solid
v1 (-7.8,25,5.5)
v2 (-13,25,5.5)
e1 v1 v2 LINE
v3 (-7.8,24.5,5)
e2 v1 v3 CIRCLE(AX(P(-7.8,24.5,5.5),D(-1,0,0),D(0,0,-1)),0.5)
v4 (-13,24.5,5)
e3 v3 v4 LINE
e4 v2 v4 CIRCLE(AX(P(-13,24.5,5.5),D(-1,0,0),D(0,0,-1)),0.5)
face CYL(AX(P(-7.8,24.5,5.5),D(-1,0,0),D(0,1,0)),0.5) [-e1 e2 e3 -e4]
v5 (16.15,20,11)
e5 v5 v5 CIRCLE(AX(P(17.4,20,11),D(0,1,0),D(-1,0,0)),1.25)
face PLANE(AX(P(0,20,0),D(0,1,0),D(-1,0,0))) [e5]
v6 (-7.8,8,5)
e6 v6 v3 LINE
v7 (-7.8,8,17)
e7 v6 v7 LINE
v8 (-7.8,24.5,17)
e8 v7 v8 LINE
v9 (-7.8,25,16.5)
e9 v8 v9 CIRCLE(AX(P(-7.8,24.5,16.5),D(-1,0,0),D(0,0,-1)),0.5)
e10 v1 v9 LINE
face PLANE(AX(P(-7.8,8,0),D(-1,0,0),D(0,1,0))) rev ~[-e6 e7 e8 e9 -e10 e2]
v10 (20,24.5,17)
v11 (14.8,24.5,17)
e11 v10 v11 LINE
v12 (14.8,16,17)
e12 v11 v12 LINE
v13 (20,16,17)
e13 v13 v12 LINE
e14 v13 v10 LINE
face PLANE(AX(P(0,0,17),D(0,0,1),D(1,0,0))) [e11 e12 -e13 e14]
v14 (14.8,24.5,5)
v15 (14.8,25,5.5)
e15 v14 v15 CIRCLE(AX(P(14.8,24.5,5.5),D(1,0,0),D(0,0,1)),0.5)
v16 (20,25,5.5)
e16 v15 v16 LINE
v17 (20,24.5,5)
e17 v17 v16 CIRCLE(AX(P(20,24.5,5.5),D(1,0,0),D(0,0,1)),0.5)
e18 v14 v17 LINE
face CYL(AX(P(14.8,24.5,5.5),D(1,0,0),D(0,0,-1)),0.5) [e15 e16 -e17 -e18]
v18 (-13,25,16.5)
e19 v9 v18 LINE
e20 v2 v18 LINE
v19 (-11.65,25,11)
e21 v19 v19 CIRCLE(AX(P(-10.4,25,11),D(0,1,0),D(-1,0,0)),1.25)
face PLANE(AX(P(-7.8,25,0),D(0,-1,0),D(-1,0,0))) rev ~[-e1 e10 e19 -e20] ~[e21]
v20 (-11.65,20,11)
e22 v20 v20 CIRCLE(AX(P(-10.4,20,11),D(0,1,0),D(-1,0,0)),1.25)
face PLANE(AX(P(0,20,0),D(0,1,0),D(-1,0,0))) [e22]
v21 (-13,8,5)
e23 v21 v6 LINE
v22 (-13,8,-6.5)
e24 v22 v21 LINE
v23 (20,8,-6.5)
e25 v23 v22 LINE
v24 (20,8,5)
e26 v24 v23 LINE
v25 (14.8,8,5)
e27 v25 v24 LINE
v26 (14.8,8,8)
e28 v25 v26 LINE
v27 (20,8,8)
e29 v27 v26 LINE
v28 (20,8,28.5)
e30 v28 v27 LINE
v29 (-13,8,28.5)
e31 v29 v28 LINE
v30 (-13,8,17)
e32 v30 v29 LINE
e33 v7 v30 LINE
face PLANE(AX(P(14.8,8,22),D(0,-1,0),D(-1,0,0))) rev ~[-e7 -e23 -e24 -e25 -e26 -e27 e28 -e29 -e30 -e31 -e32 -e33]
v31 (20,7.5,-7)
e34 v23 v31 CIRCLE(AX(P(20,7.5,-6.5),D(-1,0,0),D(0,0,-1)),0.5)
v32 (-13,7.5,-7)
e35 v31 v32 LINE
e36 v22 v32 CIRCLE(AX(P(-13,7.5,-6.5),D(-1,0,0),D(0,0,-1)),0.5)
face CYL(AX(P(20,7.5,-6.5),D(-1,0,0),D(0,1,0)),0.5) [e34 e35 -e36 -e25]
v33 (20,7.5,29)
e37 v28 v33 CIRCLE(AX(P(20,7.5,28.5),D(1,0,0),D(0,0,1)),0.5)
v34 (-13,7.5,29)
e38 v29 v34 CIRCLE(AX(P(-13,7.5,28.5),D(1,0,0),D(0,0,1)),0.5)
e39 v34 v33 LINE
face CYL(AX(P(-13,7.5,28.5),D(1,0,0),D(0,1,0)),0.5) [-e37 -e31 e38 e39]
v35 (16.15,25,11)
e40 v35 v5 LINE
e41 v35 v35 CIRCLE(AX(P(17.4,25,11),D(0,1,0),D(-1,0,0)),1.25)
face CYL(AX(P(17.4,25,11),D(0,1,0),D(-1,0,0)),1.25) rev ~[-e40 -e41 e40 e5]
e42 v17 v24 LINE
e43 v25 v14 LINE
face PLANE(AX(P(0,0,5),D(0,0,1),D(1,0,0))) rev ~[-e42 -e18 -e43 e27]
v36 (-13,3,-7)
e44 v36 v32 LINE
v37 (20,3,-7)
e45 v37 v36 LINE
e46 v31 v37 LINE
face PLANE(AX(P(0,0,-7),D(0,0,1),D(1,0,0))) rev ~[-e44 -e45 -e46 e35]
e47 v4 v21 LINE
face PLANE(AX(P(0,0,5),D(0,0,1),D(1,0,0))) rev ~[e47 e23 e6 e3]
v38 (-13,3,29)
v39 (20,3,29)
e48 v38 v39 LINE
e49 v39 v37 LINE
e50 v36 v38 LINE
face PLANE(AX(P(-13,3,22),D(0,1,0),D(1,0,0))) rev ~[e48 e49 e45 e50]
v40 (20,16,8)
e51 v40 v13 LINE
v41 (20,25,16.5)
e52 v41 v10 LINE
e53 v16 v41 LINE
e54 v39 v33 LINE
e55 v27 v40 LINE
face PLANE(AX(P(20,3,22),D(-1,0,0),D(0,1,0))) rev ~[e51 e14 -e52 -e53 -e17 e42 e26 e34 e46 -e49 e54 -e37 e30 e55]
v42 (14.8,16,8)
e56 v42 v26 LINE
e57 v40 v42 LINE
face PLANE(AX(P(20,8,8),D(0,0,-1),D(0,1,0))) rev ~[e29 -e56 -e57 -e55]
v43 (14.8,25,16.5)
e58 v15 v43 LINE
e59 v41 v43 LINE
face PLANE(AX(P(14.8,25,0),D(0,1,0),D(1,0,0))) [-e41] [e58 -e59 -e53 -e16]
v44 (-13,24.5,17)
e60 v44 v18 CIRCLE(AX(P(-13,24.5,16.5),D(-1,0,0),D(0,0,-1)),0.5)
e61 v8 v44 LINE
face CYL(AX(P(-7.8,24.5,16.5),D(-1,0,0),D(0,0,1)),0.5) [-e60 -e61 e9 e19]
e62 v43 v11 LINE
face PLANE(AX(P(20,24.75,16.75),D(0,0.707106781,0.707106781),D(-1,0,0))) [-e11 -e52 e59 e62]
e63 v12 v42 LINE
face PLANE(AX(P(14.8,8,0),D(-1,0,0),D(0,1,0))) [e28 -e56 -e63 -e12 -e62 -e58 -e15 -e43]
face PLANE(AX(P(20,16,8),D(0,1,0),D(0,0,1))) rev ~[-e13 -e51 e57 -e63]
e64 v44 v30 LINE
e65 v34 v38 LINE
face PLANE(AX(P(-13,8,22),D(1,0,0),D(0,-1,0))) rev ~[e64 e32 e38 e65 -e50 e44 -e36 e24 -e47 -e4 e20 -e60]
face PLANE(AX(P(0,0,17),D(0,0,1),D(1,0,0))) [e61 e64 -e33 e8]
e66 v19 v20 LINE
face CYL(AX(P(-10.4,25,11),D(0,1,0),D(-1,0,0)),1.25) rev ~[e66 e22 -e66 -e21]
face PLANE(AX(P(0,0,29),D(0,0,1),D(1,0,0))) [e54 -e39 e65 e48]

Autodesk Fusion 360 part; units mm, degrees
sketch "Sketch1" plane through (0, 0, 0) normal (0, 0, 1) x (1, 0, 0)
  line L0 (-13, 8) -> (20, 8)
  line L1 (20, 8) -> (20, 3)
  line L2 (20, 3) -> (-13, 3)
  line L3 (-13, 3) -> (-13, 8)
  line L4 (-13, 8) -> (-7.8, 8)
  line L5 (-7.8, 8) -> (-7.8, 25)
  line L6 (-7.8, 25) -> (-13, 25)
  line L7 (-13, 25) -> (-13, 8)
  line L8 (20, 8) -> (14.8, 8)
  line L9 (14.8, 8) -> (14.8, 25)
  line L10 (14.8, 25) -> (20, 25)
  line L11 (20, 25) -> (20, 8)
  dimension "d1" = 33
  dimension "d2" = 5
  dimension "d3" = 5.2
  dimension "d4" = 17
  dimension "d5" = 17
  dimension "d6" = 5.2
extrude "Extrude1" add sketch "Sketch1" along normal blind 22
sketch "Sketch2" plane through (0, 0, 22) normal (0, 0, 1) x (1, 0, 0)
  line L0 (-7.8, 8) -> (-7.8, 25)
  line L1 (-7.8, 25) -> (-13, 25)
  line L2 (-13, 25) -> (-13, 3)
  line L3 (-13, 3) -> (20, 3)
  line L4 (20, 3) -> (20, 25)
  line L5 (20, 25) -> (14.8, 25)
  line L6 (14.8, 25) -> (14.8, 8)
  line L7 (14.8, 8) -> (-7.8, 8)
  line L8 (-13, 25) -> (-7.8, 25)
  line L9 (-7.8, 25) -> (-7.8, 8)
  line L10 (-7.8, 8) -> (-13, 8)
  line L11 (-13, 8) -> (-13, 25)
  line L12 (14.8, 25) -> (20, 25)
  line L13 (20, 25) -> (20, 8)
  line L14 (20, 8) -> (14.8, 8)
  line L15 (14.8, 8) -> (14.8, 25)
  line L16 (20, 25) -> (14.8, 25)
  line L17 (14.8, 25) -> (14.8, 8)
  line L18 (14.8, 8) -> (20, 8)
  line L19 (20, 8) -> (20, 25)
  line L20 (-7.8, 25) -> (-13, 25)
  line L21 (-13, 25) -> (-13, 8)
  line L22 (-13, 8) -> (-7.8, 8)
  line L23 (-7.8, 8) -> (-7.8, 25)
  point P0 (20, 8)
  dimension "d9" = 17
  dimension "d10" = 5.2
  dimension "d15" = 5.2
  dimension "d16" = 17
extrude "Extrude5" cut sketch "Sketch1" along normal blind 5 contours L0 L4 L5 L6 L7
extrude "Extrude4" cut sketch "Sketch1" along normal blind 5 contours L0 L8 L9 L10 L11
extrude "Extrude3" cut sketch "Sketch2" against normal blind 5 contours L4 L5 L6 L12 L13 L14 L15 L16 L17 L18 L19
extrude "Extrude2" cut sketch "Sketch2" against normal blind 5 contours L0 L1 L2 L8 L9 L10 L11 L20 L21 L22 L23
extrude "Extrude6" add sketch "Sketch1" against normal blind 7 contours L0 L1 L2 L3 L4 L8
extrude "Extrude7" add sketch "Sketch2" along normal blind 7 contours L2 L3 L4 L7 L10 L14 L18 L22
sketch "Sketch3" plane through (20, 0, 0) normal (1, 0, 0) x (0, 0, -1)
  line L0 (-17, 25) -> (-17, 8)
  line L1 (-17, 8) -> (-29, 8)
  line L2 (-29, 8) -> (-29, 3)
  line L3 (-29, 3) -> (7, 3)
  line L4 (7, 3) -> (7, 8)
  line L5 (7, 8) -> (-5, 8)
  line L6 (-5, 8) -> (-5, 25)
  line L7 (-5, 25) -> (-17, 25)
  line L8 (-17, 8) -> (-8, 8)
  line L9 (-8, 8) -> (-8, 16)
  line L10 (-8, 16) -> (-17, 16)
  line L11 (-17, 16) -> (-17, 8)
extrude "Extrude8" cut sketch "Sketch3" against normal blind 9 contours L0 L8 L9 L10 L11
chamfer "Chamfer1" distance 0.5 angle 45 1 edges at (17.4, 25, 17)
fillet "Fillet1" radius 0.5 1 edges at (-10.4, 25, 17)
fillet "Fillet2" radius 0.5 1 edges at (-10.4, 25, 5)
fillet "Fillet3" radius 0.5 1 edges at (17.4, 25, 5)
fillet "Fillet4" radius 0.5 2 edges at (3.5, 8, 29) (3.5, 8, -7)
sketch "Sketch4" plane through (0, 25, 0) normal (0, 1, 0) x (-1, 0, 0)
  line L0 (7.8, 5.5) -> (13, 5.5)
  line L1 (13, 5.5) -> (13, 16.5)
  line L2 (13, 16.5) -> (7.8, 16.5)
  line L3 (7.8, 16.5) -> (7.8, 5.5)
  circle A0 centre (10.4, 11) radius 1.25
  circle A1 centre (-17.4, 11) radius 1.25
  dimension "d32" = 2.5
  dimension "d33" = 2.5
extrude "Extrude9" cut sketch "Sketch4" against normal blind 5 contours A0
extrude "Extrude10" cut sketch "Sketch4" against normal blind 5 contours A1
